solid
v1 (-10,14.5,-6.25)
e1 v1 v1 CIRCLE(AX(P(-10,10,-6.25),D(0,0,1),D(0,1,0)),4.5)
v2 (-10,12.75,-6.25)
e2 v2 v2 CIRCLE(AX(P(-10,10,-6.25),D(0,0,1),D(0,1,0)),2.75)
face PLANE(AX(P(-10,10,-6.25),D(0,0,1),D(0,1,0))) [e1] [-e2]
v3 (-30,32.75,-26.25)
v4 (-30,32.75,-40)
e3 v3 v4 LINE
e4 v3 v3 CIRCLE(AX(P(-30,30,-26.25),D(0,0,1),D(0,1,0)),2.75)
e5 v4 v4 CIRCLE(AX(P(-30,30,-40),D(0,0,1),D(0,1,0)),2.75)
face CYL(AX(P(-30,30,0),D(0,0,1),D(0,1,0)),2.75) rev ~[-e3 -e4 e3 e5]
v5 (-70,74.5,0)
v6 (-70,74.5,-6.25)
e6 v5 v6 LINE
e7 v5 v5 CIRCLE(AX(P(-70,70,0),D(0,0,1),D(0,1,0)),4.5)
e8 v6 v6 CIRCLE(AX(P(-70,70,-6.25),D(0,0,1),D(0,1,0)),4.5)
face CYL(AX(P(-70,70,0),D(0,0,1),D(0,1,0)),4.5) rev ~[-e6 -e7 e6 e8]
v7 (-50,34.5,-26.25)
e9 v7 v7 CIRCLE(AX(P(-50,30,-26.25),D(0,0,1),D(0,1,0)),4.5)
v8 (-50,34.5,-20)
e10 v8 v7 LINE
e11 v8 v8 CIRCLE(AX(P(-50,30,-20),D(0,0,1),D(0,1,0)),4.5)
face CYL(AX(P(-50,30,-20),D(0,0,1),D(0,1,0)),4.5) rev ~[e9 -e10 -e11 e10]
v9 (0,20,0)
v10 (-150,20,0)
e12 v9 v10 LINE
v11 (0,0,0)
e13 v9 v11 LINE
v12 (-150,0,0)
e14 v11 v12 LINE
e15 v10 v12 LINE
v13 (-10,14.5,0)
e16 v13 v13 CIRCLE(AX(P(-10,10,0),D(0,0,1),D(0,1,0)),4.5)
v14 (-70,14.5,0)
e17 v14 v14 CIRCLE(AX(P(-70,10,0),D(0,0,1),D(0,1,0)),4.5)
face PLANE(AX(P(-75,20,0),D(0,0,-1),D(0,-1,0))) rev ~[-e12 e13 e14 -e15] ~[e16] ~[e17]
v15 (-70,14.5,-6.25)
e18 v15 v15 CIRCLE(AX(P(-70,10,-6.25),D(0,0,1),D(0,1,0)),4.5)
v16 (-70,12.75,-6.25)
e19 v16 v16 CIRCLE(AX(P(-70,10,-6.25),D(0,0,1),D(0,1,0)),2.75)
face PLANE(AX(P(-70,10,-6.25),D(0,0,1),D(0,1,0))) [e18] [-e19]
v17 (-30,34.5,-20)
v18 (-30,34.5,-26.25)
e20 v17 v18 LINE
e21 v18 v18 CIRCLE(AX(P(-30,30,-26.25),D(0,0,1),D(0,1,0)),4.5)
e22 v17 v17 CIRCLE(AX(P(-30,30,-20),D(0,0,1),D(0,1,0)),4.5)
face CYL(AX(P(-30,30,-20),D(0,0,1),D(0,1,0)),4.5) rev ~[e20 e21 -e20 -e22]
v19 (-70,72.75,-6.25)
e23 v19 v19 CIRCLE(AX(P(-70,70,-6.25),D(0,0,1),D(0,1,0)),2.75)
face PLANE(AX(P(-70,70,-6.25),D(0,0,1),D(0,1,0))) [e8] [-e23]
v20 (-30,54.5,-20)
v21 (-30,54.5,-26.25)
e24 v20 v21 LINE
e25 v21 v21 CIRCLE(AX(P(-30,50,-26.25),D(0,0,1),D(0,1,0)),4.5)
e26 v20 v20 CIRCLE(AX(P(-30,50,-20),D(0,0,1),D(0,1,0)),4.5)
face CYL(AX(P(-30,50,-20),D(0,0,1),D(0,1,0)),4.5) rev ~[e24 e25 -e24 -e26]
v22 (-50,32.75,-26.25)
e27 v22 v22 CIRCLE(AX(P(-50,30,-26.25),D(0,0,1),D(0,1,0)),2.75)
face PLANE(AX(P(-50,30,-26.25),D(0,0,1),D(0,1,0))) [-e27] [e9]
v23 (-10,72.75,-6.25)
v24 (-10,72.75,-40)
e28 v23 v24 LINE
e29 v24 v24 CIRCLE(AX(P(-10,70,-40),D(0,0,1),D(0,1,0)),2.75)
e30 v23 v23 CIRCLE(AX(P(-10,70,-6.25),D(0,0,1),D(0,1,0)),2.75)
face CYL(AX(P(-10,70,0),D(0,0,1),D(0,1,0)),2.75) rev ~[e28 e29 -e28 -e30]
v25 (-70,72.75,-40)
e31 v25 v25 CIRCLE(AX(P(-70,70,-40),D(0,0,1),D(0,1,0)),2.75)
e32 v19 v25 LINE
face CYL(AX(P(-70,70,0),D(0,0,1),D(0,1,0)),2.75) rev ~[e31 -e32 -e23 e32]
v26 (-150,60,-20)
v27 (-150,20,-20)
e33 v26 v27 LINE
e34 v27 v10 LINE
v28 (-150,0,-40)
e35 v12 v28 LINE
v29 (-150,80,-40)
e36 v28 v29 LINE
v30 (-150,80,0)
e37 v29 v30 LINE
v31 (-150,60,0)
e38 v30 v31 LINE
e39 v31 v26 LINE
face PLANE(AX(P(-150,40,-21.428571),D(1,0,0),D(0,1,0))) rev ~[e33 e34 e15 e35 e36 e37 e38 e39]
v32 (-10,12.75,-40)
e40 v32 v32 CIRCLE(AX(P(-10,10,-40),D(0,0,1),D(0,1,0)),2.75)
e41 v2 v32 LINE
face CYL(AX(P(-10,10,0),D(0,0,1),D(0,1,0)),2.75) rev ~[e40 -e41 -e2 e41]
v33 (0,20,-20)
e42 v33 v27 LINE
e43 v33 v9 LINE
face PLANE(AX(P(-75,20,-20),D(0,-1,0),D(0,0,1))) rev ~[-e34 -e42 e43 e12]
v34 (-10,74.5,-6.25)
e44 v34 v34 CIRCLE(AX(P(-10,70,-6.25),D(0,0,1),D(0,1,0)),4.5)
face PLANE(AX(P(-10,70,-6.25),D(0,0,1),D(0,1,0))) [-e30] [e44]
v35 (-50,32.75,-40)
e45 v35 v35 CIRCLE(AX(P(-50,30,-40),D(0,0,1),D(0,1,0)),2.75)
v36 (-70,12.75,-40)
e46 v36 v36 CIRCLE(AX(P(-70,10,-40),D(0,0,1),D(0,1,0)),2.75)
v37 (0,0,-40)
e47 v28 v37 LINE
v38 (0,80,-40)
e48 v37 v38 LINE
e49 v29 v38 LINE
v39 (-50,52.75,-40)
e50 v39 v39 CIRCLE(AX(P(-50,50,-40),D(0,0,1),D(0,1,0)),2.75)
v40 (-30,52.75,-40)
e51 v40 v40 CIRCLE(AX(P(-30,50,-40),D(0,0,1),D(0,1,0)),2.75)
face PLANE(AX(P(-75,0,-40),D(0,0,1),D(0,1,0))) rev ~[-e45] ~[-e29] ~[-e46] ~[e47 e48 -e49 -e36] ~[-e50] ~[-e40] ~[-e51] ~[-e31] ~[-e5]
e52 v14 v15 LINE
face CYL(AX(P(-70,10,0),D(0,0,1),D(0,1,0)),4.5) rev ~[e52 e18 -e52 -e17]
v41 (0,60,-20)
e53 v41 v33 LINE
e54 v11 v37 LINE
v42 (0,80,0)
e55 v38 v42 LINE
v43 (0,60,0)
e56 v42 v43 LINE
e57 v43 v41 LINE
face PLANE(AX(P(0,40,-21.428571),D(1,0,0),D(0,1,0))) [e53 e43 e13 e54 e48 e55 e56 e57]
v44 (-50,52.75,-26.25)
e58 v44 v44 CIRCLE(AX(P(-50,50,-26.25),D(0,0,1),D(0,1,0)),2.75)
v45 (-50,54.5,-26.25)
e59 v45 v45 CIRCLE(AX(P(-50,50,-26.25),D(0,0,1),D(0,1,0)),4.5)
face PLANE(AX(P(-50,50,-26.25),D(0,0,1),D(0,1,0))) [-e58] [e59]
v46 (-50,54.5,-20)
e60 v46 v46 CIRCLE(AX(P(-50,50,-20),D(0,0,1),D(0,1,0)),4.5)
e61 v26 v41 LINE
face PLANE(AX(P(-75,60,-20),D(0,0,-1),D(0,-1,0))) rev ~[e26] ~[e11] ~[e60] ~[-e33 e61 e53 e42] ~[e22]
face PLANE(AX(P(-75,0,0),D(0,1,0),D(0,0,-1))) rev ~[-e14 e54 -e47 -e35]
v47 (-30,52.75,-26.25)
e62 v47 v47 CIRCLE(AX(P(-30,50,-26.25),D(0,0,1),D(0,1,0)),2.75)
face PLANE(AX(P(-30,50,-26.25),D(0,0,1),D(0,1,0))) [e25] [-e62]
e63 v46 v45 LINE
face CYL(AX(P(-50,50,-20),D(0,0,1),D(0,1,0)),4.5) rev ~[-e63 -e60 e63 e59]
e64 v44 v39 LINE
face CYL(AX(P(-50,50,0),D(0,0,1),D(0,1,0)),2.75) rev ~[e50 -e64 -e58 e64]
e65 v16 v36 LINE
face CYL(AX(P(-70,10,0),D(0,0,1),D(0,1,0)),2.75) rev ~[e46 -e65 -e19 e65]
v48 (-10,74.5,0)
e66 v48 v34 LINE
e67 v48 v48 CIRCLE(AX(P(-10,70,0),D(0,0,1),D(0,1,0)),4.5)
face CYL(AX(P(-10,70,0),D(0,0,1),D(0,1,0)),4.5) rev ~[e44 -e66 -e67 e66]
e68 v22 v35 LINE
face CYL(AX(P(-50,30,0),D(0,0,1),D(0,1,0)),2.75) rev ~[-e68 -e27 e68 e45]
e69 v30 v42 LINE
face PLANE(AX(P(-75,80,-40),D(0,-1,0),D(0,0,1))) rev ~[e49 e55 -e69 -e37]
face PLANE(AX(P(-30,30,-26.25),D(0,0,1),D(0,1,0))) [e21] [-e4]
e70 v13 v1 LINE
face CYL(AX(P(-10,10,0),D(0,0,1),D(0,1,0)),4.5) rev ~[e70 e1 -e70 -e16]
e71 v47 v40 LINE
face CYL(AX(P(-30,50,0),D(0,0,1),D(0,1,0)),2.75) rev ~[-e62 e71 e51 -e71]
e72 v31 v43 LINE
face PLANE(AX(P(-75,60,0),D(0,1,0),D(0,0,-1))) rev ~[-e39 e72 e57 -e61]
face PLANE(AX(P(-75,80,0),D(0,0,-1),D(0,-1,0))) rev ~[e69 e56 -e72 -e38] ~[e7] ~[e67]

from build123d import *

# Parameters (mm, degrees)
PAD_DEPTH             = 75
SKETCH001_R           = 2.75
POCKET_DEPTH          = 40.001
SKETCH002_R           = 4.5
POCKET001_DEPTH       = 6.25
SKETCH003_R           = 4.5
POCKET002_DEPTH       = 6.25
CLONE_PLACEMENT_ANGLE = 270


with BuildPart() as part:
    # Sketch → Pad (new body, symmetric)
    with BuildSketch(Plane.XZ):
        Polygon((40, 0), (40, -40), (-40, -40), (-40, 0), (-20, 0), (-20, -20), (20, -20), (20, 0), align=None)
    extrude(amount=PAD_DEPTH, both=True)

    # Sketch001 (on Face4 of Pad) → Pocket (cut, through all)
    with BuildSketch(Plane(origin=(0, 0, 0), x_dir=(-1, 0, 0), z_dir=(0, 0, 1))):
        with Locations((-30, -65)):
            Circle(SKETCH001_R)
        with Locations((30, -65)):
            Circle(SKETCH001_R)
        with Locations((-30, -5)):
            Circle(SKETCH001_R)
        with Locations((30, -5)):
            Circle(SKETCH001_R)
        with Locations((-10, -25)):
            Circle(SKETCH001_R)
        with Locations((10, -25)):
            Circle(SKETCH001_R)
        with Locations((-10, -45)):
            Circle(SKETCH001_R)
        with Locations((10, -45)):
            Circle(SKETCH001_R)
    extrude(amount=-POCKET_DEPTH, mode=Mode.SUBTRACT)

    # Sketch002 (on Face16 of Pocket) → Pocket001 (cut)
    with BuildSketch(Plane(origin=(0, 0, 0), x_dir=(-1, 0, 0), z_dir=(0, 0, 1))):
        with Locations((-30, -65)):
            Circle(SKETCH002_R)
        with Locations((-30, -5)):
            Circle(SKETCH002_R)
        with Locations((30, -5)):
            Circle(SKETCH002_R)
        with Locations((30, -65)):
            Circle(SKETCH002_R)
    extrude(amount=-POCKET001_DEPTH, mode=Mode.SUBTRACT)

    # Sketch003 (on Face20 of Pocket001) → Pocket002 (cut)
    with BuildSketch(Plane(origin=(0, 0, -20), x_dir=(-1, 0, 0), z_dir=(0, 0, 1))):
        with Locations((-10, -45)):
            Circle(SKETCH003_R)
        with Locations((-10, -25)):
            Circle(SKETCH003_R)
        with Locations((10, -25)):
            Circle(SKETCH003_R)
        with Locations((10, -45)):
            Circle(SKETCH003_R)
    extrude(amount=-POCKET002_DEPTH, mode=Mode.SUBTRACT)


with BuildPart() as part_1:
    # Clone placement: moved
    add(part.part.moved(Location((-75, 40, 0))).rotate(Axis((-75, 40, 0), (0, 0, 1)), CLONE_PLACEMENT_ANGLE))


solid = part_1.part
